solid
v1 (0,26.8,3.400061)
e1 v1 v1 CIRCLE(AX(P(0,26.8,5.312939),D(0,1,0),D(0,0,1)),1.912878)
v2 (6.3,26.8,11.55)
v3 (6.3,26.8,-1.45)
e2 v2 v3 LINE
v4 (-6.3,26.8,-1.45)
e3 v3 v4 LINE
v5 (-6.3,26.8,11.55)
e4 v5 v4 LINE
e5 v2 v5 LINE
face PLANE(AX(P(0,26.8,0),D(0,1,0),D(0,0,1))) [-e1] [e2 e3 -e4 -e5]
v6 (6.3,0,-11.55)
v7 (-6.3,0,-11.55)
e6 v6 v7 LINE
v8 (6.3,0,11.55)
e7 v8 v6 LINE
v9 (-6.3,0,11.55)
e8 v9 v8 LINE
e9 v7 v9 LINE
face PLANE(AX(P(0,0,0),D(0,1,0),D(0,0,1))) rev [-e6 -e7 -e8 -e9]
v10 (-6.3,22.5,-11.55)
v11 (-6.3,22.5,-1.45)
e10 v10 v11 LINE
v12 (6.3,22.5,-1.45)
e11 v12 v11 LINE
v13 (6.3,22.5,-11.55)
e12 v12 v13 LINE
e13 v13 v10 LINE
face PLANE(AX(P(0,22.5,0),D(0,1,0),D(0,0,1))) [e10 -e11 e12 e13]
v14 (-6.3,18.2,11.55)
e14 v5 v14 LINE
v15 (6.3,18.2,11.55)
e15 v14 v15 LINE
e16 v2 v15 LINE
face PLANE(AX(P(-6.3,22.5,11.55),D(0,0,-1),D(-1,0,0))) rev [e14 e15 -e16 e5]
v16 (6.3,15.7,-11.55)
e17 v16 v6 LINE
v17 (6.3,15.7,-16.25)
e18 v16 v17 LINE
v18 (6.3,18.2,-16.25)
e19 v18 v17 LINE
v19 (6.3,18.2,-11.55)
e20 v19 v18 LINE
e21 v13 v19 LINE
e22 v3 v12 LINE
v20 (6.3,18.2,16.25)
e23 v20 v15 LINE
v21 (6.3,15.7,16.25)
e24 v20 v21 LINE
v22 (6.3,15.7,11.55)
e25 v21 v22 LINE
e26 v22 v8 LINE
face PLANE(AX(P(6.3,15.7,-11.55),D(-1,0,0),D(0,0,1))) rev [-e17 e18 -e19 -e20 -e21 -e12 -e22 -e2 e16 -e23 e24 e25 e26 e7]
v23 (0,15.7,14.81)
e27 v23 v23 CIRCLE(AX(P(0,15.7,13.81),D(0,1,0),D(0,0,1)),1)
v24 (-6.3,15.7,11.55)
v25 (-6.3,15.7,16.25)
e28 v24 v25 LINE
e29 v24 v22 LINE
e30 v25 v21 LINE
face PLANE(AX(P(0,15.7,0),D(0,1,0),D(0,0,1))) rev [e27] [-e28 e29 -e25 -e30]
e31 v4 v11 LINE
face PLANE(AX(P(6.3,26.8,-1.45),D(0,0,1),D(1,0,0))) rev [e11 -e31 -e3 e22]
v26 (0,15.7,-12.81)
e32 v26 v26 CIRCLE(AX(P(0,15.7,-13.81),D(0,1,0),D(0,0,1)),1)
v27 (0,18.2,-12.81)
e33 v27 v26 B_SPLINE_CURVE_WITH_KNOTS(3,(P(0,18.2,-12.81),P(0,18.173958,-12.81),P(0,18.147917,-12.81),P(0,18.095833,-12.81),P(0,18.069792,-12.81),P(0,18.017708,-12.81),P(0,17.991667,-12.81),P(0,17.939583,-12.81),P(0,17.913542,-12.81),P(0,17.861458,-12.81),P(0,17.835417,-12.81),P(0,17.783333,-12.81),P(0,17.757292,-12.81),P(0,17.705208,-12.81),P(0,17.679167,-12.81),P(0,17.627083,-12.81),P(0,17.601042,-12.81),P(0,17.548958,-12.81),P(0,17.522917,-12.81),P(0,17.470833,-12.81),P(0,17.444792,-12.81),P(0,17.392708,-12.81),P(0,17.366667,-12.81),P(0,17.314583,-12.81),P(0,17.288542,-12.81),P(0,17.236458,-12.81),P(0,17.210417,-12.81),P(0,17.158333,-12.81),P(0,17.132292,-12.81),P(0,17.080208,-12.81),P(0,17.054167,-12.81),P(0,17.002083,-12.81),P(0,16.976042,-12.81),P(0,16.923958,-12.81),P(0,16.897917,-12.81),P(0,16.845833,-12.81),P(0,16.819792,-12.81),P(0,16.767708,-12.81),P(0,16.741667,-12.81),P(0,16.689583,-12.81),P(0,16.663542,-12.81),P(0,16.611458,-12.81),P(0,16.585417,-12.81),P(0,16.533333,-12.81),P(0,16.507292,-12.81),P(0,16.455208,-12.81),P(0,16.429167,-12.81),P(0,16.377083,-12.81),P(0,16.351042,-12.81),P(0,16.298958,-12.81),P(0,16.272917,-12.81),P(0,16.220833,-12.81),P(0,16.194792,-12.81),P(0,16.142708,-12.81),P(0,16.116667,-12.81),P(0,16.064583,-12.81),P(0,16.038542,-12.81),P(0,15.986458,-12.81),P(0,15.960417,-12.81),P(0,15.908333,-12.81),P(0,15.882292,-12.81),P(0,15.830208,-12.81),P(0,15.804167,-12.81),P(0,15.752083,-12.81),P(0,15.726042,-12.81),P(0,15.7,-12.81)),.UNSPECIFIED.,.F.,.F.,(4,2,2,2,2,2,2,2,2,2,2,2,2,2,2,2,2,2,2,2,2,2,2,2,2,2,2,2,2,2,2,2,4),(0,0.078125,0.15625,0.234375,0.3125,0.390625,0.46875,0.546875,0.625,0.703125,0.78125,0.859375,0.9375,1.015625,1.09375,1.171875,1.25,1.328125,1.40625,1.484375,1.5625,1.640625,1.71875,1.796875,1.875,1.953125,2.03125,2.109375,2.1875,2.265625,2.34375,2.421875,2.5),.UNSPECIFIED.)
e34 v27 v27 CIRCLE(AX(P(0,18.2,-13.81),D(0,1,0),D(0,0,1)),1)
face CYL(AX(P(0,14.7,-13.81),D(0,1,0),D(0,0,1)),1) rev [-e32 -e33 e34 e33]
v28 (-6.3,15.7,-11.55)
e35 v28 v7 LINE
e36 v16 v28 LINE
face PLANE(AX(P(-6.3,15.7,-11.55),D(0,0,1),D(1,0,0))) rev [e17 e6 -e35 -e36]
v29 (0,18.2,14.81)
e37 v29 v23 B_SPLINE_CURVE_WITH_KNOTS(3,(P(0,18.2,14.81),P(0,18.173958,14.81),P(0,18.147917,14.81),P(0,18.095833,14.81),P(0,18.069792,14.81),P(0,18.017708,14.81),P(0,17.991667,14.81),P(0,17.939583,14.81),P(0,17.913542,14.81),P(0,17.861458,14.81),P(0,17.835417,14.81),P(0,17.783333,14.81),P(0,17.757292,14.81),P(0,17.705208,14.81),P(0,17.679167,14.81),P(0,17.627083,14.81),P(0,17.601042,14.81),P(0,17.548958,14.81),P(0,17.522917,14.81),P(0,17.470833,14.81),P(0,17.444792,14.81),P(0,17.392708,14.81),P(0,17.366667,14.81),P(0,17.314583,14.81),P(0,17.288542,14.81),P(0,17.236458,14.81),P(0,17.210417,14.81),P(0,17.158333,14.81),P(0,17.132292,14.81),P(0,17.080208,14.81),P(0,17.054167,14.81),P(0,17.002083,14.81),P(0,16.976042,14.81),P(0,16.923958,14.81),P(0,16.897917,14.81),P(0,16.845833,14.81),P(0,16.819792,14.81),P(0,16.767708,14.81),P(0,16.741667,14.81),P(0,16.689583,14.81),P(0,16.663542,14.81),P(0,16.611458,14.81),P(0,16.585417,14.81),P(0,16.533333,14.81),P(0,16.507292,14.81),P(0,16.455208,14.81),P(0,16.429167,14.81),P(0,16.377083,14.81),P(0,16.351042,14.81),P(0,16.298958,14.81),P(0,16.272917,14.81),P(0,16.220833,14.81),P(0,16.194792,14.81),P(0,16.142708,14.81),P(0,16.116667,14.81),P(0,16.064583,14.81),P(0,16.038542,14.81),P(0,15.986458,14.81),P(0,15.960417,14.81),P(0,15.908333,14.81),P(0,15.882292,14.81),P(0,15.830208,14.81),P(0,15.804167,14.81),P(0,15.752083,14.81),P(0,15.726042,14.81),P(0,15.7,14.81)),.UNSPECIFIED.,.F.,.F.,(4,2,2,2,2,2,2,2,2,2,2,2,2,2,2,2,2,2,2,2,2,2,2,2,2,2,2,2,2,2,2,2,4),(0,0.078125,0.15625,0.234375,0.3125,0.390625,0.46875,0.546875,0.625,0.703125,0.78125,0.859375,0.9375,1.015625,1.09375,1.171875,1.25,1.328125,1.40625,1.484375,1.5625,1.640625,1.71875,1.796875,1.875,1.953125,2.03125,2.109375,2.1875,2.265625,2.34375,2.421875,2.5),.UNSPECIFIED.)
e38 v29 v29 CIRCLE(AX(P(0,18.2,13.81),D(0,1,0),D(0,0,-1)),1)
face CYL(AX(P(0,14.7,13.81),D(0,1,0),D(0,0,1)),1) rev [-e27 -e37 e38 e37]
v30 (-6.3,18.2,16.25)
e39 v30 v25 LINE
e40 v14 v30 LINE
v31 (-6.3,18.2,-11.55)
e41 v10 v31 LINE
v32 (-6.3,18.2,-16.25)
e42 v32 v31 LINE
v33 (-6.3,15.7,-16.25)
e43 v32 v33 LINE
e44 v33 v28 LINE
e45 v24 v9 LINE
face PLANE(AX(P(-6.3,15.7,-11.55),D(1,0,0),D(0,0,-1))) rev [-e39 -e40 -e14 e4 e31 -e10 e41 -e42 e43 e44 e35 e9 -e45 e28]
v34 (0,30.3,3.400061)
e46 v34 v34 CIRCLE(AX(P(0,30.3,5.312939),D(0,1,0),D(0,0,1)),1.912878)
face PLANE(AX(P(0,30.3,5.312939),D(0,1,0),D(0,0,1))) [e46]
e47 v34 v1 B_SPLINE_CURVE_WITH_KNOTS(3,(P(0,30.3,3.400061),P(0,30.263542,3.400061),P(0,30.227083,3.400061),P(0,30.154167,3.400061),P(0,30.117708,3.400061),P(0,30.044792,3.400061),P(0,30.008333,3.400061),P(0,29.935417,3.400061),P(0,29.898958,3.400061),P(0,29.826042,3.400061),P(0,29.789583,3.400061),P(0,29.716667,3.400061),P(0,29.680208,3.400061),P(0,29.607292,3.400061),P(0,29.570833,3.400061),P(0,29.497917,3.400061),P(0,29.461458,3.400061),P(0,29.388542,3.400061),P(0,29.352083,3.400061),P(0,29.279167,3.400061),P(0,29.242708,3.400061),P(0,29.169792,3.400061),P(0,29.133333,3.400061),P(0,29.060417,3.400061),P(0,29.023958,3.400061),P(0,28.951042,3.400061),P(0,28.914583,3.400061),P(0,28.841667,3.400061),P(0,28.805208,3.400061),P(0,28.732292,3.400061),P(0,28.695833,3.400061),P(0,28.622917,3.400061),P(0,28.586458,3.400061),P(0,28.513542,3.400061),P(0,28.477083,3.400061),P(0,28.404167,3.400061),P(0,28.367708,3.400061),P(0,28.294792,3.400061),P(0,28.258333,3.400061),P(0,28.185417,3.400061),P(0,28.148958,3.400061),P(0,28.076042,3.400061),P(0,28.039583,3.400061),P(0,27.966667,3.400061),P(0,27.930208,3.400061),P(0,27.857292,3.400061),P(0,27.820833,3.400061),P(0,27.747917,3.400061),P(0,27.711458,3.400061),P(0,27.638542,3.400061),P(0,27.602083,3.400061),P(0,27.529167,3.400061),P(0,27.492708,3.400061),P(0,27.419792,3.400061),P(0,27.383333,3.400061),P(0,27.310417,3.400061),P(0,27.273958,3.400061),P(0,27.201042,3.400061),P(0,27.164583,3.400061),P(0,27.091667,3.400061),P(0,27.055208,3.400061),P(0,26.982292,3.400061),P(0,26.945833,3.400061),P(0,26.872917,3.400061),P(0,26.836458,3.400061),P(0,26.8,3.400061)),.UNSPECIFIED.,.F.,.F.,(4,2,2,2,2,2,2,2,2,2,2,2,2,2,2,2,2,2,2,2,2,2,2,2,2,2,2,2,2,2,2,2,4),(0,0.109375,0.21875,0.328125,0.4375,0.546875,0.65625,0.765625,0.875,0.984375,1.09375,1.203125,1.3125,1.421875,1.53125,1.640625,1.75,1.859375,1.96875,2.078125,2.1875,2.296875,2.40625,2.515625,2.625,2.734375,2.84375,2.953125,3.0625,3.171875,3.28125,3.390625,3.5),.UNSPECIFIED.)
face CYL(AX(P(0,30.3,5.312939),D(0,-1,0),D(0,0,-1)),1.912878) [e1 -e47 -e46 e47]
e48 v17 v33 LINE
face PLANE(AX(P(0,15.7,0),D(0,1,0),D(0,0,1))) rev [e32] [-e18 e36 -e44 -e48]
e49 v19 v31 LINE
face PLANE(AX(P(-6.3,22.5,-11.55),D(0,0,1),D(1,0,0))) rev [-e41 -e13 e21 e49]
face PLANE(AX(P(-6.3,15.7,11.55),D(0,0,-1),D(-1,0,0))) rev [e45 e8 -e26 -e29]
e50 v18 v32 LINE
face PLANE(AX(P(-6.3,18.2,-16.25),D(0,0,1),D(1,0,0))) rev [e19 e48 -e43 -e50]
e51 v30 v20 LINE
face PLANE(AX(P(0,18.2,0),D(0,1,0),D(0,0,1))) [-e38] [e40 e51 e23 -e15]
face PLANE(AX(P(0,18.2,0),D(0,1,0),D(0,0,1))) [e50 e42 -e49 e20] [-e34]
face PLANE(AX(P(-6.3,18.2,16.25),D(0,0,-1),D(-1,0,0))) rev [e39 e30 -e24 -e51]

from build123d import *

# Parameters (mm, degrees)
SKETCH2_W           = 12.6
SKETCH2_H           = 23.1
BOSS_EXTRUDE1_DEPTH = 15.7
SKETCH3_W           = 12.6
SKETCH3_H           = 32.5
BOSS_EXTRUDE2_DEPTH = 2.5
SKETCH4_W           = 12.6
SKETCH4_H           = 23.1
BOSS_EXTRUDE3_DEPTH = 4.3
SKETCH5_W           = 12.6
SKETCH5_H           = 13
BOSS_EXTRUDE4_DEPTH = 4.3
SKETCH7_R           = 1.912877934
BOSS_EXTRUDE6_DEPTH = 3.5
SKETCH8_R           = 1
CUT_EXTRUDE1_DEPTH  = 3.5


with BuildPart() as part:
    # Sketch2 → Boss-Extrude1 (new body)
    with BuildSketch(Plane(origin=(0, 0, 0), x_dir=(1, 0, 0), z_dir=(0, 1, 0))):
        Rectangle(SKETCH2_W, SKETCH2_H)
    extrude(amount=BOSS_EXTRUDE1_DEPTH)

    # Sketch3 → Boss-Extrude2 (add)
    with BuildSketch(Plane(origin=(0, 15.7, 0), x_dir=(1, 0, 0), z_dir=(0, 1, 0))):
        Rectangle(SKETCH3_W, SKETCH3_H)
    extrude(amount=BOSS_EXTRUDE2_DEPTH)

    # Sketch4 → Boss-Extrude3 (add)
    with BuildSketch(Plane(origin=(0, 18.2, 0), x_dir=(1, 0, 0), z_dir=(0, 1, 0))):
        Rectangle(SKETCH4_W, SKETCH4_H)
    extrude(amount=BOSS_EXTRUDE3_DEPTH)

    # Sketch5 → Boss-Extrude4 (add)
    with BuildSketch(Plane(origin=(0, 22.5, 0), x_dir=(1, 0, 0), z_dir=(0, 1, 0))):
        with Locations((0, -5.05)):
            Rectangle(SKETCH5_W, SKETCH5_H)
    extrude(amount=BOSS_EXTRUDE4_DEPTH)

    # Sketch7 → Boss-Extrude6 (add)
    with BuildSketch(Plane(origin=(0, 26.8, 0), x_dir=(1, 0, 0), z_dir=(0, 1, 0))):
        with Locations(Location((0, -5.312938635, 0), (0, 0, 90))):
            Circle(SKETCH7_R)
    extrude(amount=BOSS_EXTRUDE6_DEPTH)

    # Sketch8 → Cut-Extrude1 (cut)
    with BuildSketch(Plane(origin=(0, 18.2, 0), x_dir=(1, 0, 0), z_dir=(0, 1, 0))):
        with Locations(Location((0, 13.81, 0), (0, 0, 270))):
            Circle(SKETCH8_R)
        with Locations(Location((0, -13.81, 0), (0, 0, 270))):
            Circle(SKETCH8_R)
    extrude(amount=-CUT_EXTRUDE1_DEPTH, mode=Mode.SUBTRACT)


solid = part.part
